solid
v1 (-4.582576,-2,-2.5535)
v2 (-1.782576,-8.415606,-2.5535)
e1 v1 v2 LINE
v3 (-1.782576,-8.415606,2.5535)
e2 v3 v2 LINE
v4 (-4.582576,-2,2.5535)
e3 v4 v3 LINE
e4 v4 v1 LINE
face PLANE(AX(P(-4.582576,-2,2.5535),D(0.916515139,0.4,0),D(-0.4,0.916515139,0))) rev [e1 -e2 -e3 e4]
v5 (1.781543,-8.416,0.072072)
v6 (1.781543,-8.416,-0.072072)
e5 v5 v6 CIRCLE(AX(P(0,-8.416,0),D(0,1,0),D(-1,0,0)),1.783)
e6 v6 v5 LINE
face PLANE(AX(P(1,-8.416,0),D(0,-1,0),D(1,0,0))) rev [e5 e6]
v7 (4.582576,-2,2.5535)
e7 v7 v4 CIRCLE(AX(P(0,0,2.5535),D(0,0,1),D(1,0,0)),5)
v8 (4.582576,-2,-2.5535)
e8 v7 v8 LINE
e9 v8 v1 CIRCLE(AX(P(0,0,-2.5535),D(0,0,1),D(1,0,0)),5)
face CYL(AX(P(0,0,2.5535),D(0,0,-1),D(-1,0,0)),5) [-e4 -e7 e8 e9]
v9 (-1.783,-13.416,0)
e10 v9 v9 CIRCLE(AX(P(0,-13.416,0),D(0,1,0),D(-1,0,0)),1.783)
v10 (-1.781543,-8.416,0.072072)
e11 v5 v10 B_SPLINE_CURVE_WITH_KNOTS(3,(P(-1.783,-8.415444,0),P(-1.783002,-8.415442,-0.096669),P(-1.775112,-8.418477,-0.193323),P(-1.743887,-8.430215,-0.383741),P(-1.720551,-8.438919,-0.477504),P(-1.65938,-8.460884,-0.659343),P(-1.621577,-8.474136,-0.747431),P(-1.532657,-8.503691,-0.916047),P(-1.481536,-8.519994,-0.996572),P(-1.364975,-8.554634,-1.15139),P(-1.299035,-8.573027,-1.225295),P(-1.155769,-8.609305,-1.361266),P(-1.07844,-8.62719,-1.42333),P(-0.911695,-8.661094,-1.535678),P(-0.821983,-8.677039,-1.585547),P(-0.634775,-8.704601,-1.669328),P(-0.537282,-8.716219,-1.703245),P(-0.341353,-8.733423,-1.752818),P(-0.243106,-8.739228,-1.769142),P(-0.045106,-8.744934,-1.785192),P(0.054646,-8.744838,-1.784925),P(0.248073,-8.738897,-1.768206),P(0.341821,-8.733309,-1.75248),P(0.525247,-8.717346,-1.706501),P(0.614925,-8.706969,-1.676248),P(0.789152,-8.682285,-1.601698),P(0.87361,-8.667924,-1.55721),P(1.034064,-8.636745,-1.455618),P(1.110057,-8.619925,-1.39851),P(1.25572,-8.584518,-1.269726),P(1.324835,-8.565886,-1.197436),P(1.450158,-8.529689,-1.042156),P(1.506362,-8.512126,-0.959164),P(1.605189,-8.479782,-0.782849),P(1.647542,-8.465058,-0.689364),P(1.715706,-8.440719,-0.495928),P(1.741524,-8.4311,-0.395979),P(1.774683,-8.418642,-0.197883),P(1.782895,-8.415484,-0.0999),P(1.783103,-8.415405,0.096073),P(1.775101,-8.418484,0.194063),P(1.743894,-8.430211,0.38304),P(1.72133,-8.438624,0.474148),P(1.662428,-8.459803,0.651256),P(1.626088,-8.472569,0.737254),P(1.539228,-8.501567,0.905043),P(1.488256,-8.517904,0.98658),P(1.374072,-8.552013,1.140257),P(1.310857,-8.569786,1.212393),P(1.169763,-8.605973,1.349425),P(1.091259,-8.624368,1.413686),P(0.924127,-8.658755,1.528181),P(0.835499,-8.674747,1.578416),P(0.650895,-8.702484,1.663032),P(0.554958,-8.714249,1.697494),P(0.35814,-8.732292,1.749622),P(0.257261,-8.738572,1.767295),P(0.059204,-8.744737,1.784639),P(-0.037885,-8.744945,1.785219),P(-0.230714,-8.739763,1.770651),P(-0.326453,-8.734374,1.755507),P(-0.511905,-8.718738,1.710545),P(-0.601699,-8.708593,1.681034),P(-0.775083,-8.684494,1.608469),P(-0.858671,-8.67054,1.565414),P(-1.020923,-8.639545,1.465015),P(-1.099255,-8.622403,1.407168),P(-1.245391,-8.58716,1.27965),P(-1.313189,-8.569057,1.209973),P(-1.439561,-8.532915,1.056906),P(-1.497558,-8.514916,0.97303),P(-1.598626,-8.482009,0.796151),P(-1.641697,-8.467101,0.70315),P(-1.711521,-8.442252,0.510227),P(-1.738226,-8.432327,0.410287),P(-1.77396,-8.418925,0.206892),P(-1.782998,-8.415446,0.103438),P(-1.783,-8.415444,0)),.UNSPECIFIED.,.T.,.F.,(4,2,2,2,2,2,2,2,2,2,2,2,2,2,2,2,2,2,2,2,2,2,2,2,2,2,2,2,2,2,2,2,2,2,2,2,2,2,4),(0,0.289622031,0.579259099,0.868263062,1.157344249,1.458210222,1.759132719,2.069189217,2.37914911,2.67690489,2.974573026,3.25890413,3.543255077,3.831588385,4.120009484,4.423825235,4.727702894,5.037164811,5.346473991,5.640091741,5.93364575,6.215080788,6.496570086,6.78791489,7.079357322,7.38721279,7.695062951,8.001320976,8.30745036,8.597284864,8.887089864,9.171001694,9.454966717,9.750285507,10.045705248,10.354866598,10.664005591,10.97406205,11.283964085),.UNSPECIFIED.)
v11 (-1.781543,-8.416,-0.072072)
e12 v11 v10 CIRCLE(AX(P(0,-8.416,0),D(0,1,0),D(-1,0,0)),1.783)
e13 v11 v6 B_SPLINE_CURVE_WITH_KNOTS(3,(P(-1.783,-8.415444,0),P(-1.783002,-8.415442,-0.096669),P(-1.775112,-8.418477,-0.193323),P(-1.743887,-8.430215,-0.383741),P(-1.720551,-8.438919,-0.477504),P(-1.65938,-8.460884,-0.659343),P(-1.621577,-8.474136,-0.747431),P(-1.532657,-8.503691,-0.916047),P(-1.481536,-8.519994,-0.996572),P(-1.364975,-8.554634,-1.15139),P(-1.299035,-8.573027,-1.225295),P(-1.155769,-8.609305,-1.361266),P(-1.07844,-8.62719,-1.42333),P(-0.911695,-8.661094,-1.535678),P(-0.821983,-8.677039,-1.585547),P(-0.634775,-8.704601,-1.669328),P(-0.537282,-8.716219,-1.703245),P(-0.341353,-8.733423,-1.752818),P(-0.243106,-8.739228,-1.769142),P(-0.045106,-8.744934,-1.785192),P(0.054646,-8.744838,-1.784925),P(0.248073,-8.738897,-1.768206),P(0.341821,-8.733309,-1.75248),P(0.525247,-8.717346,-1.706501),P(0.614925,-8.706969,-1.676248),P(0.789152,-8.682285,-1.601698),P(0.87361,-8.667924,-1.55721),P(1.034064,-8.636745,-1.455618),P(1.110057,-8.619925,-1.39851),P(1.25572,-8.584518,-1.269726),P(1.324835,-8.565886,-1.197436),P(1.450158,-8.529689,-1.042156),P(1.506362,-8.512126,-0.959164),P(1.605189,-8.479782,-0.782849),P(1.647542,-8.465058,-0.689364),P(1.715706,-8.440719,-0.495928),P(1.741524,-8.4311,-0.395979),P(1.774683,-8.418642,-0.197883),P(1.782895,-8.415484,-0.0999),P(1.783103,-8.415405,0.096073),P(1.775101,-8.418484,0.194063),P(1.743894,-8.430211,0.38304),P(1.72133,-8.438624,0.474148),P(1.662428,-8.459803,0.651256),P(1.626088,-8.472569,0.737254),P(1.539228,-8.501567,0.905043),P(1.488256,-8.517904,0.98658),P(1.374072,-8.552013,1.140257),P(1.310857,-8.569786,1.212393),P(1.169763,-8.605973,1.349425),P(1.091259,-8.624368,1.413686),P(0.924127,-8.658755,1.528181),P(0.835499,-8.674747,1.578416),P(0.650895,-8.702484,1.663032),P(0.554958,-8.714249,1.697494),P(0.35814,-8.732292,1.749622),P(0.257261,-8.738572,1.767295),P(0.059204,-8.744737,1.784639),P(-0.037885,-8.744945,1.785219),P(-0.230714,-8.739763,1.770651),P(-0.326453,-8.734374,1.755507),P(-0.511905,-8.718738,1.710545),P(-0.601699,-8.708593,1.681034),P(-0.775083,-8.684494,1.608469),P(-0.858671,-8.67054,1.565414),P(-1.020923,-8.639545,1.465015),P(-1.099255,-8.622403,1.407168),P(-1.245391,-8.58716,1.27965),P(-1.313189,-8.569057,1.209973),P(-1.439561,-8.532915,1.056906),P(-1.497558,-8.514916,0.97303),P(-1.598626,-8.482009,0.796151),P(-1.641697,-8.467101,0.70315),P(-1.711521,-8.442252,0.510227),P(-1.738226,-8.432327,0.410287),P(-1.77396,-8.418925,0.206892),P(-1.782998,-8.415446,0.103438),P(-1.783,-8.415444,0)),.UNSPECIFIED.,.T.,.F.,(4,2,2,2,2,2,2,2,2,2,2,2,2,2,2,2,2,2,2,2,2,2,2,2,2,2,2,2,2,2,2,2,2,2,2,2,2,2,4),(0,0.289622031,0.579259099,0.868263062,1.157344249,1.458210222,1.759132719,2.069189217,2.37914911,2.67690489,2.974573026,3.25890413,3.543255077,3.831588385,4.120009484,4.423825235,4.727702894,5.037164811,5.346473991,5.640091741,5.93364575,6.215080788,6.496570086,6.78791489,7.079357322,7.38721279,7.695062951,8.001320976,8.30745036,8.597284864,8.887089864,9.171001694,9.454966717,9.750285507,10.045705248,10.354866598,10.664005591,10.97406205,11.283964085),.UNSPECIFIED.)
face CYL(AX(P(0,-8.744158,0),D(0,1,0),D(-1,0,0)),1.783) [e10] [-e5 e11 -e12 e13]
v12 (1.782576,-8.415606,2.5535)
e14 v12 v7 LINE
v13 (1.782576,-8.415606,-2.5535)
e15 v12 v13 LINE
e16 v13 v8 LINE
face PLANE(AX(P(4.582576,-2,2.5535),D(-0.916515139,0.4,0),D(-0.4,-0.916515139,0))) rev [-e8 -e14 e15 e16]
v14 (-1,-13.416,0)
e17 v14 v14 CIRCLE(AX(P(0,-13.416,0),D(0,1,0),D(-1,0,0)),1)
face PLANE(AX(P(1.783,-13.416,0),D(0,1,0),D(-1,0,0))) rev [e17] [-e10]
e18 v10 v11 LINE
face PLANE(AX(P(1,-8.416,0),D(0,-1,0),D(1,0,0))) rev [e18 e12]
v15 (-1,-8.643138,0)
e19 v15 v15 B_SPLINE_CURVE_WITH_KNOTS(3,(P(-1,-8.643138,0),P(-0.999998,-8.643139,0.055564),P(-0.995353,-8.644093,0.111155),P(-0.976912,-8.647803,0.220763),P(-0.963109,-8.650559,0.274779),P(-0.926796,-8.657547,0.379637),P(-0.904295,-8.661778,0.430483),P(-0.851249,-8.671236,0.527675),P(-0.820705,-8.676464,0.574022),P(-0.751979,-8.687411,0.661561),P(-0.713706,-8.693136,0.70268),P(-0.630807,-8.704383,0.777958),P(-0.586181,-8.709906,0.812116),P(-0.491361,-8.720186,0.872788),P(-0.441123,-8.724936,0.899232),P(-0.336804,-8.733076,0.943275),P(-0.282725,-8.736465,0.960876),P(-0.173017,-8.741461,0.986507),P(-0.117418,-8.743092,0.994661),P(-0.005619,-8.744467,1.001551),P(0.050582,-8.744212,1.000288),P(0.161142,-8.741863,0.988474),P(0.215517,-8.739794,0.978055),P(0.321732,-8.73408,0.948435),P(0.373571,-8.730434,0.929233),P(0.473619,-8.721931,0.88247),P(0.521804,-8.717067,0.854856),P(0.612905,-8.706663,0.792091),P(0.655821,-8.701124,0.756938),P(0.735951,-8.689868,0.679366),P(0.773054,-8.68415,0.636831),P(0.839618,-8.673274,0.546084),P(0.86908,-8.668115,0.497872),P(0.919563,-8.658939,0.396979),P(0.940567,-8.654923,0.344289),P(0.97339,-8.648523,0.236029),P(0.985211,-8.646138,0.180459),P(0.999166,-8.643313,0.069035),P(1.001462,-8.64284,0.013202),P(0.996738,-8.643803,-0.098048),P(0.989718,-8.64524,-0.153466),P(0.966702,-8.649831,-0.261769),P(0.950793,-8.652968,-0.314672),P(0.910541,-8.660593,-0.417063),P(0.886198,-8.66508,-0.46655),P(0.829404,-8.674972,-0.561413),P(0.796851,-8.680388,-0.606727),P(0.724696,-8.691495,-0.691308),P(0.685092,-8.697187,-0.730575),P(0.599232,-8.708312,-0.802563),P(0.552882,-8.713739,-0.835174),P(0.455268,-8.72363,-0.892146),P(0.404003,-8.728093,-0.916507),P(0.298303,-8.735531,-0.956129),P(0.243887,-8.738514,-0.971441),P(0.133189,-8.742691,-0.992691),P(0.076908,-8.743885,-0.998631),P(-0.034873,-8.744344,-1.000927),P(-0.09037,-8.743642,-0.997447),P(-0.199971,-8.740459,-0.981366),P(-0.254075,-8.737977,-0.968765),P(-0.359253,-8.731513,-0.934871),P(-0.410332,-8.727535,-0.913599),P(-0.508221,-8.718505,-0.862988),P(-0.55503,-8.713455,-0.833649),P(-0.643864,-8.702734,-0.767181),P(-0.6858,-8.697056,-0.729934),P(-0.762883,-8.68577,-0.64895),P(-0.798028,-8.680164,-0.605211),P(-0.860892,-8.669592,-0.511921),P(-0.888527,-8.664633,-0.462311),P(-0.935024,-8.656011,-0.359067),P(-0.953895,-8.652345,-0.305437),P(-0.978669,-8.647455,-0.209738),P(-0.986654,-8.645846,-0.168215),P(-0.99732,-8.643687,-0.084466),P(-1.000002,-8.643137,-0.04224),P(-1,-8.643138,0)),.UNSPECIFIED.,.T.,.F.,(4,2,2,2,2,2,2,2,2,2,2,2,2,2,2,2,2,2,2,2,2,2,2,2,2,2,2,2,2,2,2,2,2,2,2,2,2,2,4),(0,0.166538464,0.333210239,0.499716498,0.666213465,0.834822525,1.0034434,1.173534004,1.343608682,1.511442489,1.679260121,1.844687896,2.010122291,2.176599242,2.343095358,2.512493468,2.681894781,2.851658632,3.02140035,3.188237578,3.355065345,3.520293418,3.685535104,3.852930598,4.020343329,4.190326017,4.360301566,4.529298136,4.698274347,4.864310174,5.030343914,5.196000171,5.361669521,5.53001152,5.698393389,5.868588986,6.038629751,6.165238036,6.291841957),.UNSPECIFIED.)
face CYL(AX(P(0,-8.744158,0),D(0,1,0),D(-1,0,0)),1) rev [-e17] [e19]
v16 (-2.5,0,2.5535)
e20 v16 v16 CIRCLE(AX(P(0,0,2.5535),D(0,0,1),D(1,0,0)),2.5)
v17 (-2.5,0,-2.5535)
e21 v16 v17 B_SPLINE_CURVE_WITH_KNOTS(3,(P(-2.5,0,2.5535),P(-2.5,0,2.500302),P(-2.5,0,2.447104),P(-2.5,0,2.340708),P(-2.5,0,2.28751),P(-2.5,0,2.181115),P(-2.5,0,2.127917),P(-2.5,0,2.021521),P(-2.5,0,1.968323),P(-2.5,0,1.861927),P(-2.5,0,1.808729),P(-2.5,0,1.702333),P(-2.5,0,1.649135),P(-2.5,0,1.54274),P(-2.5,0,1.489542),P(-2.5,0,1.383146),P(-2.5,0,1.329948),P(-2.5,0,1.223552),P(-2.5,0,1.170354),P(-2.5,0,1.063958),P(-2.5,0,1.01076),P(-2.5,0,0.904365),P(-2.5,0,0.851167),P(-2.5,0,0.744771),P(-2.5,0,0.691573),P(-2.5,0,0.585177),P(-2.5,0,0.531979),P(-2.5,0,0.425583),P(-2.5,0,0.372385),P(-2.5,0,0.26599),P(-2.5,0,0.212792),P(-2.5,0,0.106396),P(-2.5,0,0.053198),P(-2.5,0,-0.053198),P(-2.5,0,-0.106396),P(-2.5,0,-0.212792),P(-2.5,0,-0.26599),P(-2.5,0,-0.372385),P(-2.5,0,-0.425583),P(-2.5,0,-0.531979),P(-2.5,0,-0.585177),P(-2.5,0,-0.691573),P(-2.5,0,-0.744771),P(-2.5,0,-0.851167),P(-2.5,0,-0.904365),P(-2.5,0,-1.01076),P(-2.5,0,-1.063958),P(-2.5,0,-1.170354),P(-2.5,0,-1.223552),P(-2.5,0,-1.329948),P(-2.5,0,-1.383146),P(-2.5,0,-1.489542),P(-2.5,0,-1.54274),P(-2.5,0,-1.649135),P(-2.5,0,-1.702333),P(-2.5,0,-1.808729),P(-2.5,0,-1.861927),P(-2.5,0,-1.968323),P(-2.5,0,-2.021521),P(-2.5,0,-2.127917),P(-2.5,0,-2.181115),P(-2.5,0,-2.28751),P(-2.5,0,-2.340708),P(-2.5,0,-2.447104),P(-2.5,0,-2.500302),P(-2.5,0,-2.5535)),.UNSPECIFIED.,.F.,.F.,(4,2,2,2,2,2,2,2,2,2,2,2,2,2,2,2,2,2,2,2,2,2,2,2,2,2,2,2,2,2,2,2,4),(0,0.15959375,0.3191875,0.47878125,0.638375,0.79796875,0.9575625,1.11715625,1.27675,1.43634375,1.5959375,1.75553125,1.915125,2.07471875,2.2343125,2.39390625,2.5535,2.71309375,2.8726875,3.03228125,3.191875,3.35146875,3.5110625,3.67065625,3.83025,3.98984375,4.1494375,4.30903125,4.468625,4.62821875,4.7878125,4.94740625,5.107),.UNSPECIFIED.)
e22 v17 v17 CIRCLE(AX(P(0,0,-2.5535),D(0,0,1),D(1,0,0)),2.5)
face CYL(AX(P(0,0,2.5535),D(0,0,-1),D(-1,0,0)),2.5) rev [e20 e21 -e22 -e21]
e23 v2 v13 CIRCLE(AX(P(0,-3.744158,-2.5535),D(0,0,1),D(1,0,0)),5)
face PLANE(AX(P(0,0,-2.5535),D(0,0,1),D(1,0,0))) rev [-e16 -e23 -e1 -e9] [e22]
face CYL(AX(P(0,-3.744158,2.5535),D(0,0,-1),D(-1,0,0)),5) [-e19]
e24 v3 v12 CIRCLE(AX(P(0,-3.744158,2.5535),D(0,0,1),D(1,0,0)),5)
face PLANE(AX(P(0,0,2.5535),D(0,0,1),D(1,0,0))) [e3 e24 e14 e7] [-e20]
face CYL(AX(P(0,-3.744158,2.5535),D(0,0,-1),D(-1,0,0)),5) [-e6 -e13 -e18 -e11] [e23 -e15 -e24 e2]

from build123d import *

# Parameters (mm, degrees)
SKETCH1_R           = 2.5
BOSS_EXTRUDE1_DEPTH = 2.5535
SKETCH2_W           = 0.783
SKETCH2_H           = 5


with BuildPart() as part:
    # Sketch1 → Boss-Extrude1 (new, symmetric)
    with BuildSketch(Plane.XY):
        with BuildLine():
            Line((-4.582575695, -2), (-1.782575695, -8.415605973))
            ThreePointArc((-1.782575695, -8.415605973), (0, -8.744158243), (1.782575695, -8.415605973))
            Line((1.782575695, -8.415605973), (4.582575695, -2))
            ThreePointArc((4.582575695, -2), (0, 5), (-4.582575695, -2))
        make_face()
        with Locations(Location((0, 0, 0), (0, 0, 180))):
            Circle(SKETCH1_R, mode=Mode.SUBTRACT)
    extrude(amount=BOSS_EXTRUDE1_DEPTH, both=True)

    # Sketch2 → Revolve1 (revolve)
    with BuildSketch(Plane.XY, mode=Mode.PRIVATE) as revolve1_sk:
        with Locations((1.3915, -10.916)):
            Rectangle(SKETCH2_W, SKETCH2_H)
    revolve(revolve1_sk.sketch.rotate(Axis((0, -8.744158243, 0), (0, -1, 0)), 180), axis=Axis((0, -8.744158243, 0), (0, -1, 0)))


solid = part.part
